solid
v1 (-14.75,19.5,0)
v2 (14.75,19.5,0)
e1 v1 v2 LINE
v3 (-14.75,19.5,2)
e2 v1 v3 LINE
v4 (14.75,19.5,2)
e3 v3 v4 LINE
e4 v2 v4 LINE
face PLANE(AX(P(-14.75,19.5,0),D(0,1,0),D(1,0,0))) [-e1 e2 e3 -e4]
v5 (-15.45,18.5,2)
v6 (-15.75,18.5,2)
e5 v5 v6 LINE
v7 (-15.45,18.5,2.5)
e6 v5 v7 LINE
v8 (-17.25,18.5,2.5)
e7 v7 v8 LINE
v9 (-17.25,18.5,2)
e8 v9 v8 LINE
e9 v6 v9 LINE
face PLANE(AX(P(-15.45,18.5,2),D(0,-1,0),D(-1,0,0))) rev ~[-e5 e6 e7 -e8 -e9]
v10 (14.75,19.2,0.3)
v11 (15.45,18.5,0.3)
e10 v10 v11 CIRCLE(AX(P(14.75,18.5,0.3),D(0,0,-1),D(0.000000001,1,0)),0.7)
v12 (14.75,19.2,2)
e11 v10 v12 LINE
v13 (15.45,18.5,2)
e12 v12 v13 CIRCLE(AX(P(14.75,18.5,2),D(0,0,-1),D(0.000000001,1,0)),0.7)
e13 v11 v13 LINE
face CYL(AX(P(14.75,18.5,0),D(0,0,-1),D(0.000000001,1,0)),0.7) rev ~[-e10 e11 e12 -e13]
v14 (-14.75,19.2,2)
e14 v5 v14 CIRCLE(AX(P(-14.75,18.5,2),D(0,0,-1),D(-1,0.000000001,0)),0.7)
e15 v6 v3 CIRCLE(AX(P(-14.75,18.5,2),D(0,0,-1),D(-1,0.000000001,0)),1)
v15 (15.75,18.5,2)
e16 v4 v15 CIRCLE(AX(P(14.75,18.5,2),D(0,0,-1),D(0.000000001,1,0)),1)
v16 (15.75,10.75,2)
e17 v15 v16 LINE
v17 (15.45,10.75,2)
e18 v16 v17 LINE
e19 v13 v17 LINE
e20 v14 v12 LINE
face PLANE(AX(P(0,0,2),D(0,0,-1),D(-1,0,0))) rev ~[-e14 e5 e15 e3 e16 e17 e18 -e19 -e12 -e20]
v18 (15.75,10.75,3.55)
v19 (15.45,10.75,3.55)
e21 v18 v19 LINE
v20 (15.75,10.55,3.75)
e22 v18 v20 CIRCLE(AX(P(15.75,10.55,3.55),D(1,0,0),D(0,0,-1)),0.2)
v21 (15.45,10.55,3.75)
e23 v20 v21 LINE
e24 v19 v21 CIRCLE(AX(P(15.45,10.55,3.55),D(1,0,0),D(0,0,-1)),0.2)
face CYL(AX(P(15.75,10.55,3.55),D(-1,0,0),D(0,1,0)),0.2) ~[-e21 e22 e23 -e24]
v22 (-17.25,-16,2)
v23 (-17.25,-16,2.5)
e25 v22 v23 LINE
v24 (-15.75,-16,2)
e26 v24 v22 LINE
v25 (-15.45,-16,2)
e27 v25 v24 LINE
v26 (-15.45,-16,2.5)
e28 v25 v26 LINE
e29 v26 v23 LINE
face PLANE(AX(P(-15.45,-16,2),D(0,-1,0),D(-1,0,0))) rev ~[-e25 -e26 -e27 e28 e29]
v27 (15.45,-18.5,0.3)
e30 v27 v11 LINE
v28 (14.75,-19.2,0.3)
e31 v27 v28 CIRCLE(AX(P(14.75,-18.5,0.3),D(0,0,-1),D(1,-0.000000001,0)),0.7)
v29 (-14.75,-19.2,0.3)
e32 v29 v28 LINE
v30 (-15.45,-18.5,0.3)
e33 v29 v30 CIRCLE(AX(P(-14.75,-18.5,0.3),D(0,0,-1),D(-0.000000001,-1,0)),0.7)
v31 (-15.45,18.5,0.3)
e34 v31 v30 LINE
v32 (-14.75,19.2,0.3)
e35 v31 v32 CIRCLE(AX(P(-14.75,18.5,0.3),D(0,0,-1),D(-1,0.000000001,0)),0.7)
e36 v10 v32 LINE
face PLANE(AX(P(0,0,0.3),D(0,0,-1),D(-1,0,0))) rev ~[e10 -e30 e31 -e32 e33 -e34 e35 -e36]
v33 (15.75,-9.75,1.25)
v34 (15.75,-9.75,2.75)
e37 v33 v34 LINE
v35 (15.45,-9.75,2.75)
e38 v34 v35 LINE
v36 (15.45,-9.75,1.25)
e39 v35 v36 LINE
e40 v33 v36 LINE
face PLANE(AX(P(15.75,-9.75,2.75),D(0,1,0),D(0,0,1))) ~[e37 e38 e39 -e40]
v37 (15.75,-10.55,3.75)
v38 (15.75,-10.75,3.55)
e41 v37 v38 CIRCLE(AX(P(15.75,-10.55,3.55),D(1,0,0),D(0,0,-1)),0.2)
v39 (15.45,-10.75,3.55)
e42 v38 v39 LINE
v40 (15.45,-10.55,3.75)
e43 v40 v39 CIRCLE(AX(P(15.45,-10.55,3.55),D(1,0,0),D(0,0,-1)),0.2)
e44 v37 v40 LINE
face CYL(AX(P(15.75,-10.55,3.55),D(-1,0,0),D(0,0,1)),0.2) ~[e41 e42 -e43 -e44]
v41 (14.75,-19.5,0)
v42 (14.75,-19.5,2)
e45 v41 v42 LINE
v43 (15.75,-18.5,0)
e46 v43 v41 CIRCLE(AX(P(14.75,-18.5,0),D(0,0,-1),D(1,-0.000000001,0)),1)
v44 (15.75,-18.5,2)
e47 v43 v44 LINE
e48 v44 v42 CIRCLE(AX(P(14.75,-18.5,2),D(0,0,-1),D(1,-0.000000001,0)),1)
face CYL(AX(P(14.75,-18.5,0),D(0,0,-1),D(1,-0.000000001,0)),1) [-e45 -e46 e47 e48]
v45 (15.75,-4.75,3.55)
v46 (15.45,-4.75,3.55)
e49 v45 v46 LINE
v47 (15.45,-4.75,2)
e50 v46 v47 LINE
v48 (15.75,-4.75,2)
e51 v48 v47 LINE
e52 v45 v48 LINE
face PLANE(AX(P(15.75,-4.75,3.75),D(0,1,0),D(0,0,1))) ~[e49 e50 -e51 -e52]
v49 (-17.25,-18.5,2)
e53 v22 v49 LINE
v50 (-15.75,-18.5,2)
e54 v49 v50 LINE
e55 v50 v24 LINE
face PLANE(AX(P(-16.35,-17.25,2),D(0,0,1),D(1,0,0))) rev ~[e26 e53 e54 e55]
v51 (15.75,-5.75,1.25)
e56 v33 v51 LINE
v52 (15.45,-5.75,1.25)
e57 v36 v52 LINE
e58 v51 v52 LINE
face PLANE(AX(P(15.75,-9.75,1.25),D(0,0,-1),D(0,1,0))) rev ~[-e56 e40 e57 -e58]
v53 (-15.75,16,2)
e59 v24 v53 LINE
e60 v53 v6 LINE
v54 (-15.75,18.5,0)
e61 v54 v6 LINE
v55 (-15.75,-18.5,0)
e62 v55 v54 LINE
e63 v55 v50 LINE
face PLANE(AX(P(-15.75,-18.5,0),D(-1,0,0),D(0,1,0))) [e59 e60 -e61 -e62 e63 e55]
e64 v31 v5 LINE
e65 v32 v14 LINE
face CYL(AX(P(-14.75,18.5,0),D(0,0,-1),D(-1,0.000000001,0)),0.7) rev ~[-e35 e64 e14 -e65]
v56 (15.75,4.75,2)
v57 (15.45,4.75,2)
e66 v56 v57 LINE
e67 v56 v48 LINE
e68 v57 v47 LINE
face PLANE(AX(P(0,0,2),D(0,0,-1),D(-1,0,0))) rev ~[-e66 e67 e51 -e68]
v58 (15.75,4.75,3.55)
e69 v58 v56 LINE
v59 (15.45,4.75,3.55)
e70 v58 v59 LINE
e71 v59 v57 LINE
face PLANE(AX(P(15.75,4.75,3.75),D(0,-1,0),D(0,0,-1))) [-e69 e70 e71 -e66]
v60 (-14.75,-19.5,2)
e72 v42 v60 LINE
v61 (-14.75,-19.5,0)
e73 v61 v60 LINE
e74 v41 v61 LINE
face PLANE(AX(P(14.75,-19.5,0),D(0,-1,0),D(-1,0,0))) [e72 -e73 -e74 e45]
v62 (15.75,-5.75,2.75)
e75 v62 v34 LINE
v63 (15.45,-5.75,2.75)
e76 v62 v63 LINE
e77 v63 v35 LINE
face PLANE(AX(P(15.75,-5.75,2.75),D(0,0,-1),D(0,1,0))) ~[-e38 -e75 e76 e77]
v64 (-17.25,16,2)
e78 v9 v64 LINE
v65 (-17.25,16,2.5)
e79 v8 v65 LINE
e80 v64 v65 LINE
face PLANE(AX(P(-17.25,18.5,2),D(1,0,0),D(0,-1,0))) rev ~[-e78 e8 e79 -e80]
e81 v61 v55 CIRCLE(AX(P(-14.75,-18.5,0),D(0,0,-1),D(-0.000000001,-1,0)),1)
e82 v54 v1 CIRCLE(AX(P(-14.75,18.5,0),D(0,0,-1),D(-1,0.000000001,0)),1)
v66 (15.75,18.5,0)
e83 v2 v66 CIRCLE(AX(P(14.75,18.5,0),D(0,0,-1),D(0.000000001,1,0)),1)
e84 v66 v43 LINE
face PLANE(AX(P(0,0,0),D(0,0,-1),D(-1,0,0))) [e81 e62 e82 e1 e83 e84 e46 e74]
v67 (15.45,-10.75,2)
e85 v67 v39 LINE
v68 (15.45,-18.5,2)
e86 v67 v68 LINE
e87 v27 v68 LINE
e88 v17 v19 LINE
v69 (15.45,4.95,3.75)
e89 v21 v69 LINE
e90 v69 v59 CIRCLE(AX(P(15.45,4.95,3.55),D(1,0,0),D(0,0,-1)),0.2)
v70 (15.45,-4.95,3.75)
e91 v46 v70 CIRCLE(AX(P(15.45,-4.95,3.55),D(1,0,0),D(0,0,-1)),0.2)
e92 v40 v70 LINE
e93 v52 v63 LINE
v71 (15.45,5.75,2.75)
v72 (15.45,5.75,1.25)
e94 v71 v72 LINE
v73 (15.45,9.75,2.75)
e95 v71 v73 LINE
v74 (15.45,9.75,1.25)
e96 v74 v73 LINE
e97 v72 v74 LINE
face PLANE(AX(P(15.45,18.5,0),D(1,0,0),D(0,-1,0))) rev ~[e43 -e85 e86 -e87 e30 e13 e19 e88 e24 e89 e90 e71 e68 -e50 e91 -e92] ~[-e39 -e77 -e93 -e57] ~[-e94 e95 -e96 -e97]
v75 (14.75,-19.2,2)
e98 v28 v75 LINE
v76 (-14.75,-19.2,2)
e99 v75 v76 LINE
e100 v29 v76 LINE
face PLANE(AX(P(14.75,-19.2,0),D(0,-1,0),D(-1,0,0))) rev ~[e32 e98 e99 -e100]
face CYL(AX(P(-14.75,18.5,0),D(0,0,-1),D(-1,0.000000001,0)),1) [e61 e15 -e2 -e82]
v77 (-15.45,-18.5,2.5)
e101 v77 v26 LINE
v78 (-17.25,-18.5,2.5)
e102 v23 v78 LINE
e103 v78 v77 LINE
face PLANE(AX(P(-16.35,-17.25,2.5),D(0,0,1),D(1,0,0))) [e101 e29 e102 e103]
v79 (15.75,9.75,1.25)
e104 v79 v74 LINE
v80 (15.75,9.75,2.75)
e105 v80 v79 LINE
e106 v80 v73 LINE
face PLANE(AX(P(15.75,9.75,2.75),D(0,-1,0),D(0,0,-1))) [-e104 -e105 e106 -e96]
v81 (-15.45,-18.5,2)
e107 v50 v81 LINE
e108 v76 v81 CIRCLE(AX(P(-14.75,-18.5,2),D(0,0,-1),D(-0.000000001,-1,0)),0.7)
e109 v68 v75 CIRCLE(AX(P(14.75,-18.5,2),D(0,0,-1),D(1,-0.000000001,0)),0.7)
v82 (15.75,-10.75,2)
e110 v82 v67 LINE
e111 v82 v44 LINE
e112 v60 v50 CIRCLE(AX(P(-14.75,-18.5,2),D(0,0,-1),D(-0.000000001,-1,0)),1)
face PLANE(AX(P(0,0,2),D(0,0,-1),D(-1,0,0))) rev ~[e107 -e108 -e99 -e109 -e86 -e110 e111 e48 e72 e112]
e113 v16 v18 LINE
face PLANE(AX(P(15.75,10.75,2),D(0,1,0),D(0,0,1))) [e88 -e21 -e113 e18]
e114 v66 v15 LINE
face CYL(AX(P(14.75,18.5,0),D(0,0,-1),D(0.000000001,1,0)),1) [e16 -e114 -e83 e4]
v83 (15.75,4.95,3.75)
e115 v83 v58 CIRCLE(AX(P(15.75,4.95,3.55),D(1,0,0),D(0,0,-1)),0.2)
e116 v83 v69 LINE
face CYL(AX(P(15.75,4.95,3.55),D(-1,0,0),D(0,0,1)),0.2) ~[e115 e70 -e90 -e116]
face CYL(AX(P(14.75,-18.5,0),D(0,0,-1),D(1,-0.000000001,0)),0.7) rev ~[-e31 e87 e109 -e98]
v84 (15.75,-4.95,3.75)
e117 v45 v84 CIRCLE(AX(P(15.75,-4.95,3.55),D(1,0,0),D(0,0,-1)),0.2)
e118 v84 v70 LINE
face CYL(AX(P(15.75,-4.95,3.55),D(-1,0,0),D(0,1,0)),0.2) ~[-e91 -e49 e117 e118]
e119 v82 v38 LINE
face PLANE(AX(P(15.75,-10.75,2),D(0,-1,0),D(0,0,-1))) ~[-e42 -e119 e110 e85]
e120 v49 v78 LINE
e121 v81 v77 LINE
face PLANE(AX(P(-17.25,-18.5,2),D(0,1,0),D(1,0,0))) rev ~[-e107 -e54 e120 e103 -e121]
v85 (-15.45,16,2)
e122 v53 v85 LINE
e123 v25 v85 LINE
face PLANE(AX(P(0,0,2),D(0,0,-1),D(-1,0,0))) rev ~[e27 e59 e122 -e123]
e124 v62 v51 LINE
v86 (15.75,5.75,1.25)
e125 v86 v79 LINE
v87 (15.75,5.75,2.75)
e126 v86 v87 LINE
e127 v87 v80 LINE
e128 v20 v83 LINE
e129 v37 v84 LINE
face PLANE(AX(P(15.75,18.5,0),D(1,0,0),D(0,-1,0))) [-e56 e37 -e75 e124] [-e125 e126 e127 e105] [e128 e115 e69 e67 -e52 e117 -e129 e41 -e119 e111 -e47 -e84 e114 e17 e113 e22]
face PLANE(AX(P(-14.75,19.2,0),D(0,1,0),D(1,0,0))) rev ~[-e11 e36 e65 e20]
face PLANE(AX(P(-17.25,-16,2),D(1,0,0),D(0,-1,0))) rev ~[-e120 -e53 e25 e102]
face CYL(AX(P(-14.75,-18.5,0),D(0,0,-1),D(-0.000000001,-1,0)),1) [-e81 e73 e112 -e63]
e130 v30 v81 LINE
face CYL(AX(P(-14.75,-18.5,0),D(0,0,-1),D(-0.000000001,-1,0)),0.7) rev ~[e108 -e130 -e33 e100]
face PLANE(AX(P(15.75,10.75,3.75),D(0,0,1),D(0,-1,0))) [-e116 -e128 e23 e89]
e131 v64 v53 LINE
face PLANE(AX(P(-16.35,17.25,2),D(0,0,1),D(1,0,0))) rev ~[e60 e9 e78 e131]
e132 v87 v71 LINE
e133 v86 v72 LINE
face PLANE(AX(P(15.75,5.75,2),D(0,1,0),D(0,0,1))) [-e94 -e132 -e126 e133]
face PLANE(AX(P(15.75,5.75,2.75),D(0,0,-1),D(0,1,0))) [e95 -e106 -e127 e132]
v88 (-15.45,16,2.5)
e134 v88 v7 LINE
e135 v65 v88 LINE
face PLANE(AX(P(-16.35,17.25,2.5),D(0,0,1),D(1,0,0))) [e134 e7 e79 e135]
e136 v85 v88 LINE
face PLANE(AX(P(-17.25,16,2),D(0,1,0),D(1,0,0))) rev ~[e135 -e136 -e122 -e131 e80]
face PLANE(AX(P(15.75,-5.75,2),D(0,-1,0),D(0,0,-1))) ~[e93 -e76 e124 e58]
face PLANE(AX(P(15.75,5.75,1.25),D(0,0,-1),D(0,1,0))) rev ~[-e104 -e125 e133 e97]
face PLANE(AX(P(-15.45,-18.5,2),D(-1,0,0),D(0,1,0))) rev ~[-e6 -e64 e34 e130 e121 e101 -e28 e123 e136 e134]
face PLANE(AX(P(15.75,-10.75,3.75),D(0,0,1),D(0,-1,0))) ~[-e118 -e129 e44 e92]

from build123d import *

# Parameters (mm, degrees)
BOSS_EXTRUDE1_DEPTH = 2
SHELL1_T            = -0.3
BOSS_EXTRUDE2_DEPTH = 0.3
SKETCH3_W           = 0.75
SKETCH3_H           = 4
CUT_EXTRUDE1_DEPTH  = 0.3
FILLET1_R           = 0.2
BOSS_EXTRUDE4_DEPTH = 0.5


with BuildPart() as part:
    # Sketch1 → Boss-Extrude1 (new body)
    with BuildSketch(Plane.XY):
        with BuildLine():
            Line((-14.75, 19.5), (14.75, 19.5))
            ThreePointArc((14.75, 19.5), (15.457106781, 19.207106781), (15.75, 18.5))
            Line((15.75, 18.5), (15.75, -18.5))
            ThreePointArc((15.75, -18.5), (15.457106781, -19.207106781), (14.75, -19.5))
            Line((14.75, -19.5), (-14.75, -19.5))
            ThreePointArc((-14.75, -19.5), (-15.457106781, -19.207106781), (-15.75, -18.5))
            Line((-15.75, -18.5), (-15.75, 18.5))
            ThreePointArc((-15.75, 18.5), (-15.457106781, 19.207106781), (-14.75, 19.5))
        make_face()
    extrude(amount=BOSS_EXTRUDE1_DEPTH)

    # Shell1
    shell1_openings = [part.faces().sort_by_distance(p)[0] for p in [
        (0, 0, 2),
    ]]
    offset(amount=SHELL1_T, openings=shell1_openings, kind=Kind.INTERSECTION)

    # Sketch2 → Boss-Extrude2 (add)
    with BuildSketch(Plane(origin=(15.75, 0, 0), x_dir=(0, 0, -1), z_dir=(1, 0, 0))):
        Polygon((-2, 10.75), (-3.75, 10.75), (-3.75, 4.75), (-2, 4.75), (-2, 5.75), (-2.75, 5.75), (-2.75, 9.75), (-2, 9.75), align=None)
    boss_extrude2 = extrude(amount=-BOSS_EXTRUDE2_DEPTH)

    # Mirror1: Boss-Extrude2 across plane
    add(boss_extrude2.mirror(Plane.ZX))

    # Sketch3 → Cut-Extrude1 (cut)
    with BuildSketch(Plane(origin=(15.75, 0, 0), x_dir=(0, 0, -1), z_dir=(1, 0, 0))):
        with Locations((-1.625, 7.75)):
            Rectangle(SKETCH3_W, SKETCH3_H)
        with Locations((-1.625, -7.75)):
            Rectangle(SKETCH3_W, SKETCH3_H)
    extrude(amount=-CUT_EXTRUDE1_DEPTH, mode=Mode.SUBTRACT)

    # Fillet1
    fillet1_edges = [part.edges().sort_by_distance(p)[0] for p in [
        (15.6, -10.75, 3.75),
        (15.6, 4.75, 3.75),
        (15.6, 10.75, 3.75),
        (15.6, -4.75, 3.75),
    ]]
    fillet(fillet1_edges, radius=FILLET1_R)

    # Sketch6 → Boss-Extrude4 (add)
    with BuildSketch(Plane.XY.offset(2)):
        Polygon((-17.25, -18.5), (-15.75, -18.5), (-15.45, -18.5), (-15.45, -16), (-15.75, -16), (-17.25, -16), align=None)
        Polygon((-17.25, 16), (-15.75, 16), (-15.45, 16), (-15.45, 18.5), (-15.75, 18.5), (-17.25, 18.5), align=None)
    extrude(amount=BOSS_EXTRUDE4_DEPTH)


solid = part.part
